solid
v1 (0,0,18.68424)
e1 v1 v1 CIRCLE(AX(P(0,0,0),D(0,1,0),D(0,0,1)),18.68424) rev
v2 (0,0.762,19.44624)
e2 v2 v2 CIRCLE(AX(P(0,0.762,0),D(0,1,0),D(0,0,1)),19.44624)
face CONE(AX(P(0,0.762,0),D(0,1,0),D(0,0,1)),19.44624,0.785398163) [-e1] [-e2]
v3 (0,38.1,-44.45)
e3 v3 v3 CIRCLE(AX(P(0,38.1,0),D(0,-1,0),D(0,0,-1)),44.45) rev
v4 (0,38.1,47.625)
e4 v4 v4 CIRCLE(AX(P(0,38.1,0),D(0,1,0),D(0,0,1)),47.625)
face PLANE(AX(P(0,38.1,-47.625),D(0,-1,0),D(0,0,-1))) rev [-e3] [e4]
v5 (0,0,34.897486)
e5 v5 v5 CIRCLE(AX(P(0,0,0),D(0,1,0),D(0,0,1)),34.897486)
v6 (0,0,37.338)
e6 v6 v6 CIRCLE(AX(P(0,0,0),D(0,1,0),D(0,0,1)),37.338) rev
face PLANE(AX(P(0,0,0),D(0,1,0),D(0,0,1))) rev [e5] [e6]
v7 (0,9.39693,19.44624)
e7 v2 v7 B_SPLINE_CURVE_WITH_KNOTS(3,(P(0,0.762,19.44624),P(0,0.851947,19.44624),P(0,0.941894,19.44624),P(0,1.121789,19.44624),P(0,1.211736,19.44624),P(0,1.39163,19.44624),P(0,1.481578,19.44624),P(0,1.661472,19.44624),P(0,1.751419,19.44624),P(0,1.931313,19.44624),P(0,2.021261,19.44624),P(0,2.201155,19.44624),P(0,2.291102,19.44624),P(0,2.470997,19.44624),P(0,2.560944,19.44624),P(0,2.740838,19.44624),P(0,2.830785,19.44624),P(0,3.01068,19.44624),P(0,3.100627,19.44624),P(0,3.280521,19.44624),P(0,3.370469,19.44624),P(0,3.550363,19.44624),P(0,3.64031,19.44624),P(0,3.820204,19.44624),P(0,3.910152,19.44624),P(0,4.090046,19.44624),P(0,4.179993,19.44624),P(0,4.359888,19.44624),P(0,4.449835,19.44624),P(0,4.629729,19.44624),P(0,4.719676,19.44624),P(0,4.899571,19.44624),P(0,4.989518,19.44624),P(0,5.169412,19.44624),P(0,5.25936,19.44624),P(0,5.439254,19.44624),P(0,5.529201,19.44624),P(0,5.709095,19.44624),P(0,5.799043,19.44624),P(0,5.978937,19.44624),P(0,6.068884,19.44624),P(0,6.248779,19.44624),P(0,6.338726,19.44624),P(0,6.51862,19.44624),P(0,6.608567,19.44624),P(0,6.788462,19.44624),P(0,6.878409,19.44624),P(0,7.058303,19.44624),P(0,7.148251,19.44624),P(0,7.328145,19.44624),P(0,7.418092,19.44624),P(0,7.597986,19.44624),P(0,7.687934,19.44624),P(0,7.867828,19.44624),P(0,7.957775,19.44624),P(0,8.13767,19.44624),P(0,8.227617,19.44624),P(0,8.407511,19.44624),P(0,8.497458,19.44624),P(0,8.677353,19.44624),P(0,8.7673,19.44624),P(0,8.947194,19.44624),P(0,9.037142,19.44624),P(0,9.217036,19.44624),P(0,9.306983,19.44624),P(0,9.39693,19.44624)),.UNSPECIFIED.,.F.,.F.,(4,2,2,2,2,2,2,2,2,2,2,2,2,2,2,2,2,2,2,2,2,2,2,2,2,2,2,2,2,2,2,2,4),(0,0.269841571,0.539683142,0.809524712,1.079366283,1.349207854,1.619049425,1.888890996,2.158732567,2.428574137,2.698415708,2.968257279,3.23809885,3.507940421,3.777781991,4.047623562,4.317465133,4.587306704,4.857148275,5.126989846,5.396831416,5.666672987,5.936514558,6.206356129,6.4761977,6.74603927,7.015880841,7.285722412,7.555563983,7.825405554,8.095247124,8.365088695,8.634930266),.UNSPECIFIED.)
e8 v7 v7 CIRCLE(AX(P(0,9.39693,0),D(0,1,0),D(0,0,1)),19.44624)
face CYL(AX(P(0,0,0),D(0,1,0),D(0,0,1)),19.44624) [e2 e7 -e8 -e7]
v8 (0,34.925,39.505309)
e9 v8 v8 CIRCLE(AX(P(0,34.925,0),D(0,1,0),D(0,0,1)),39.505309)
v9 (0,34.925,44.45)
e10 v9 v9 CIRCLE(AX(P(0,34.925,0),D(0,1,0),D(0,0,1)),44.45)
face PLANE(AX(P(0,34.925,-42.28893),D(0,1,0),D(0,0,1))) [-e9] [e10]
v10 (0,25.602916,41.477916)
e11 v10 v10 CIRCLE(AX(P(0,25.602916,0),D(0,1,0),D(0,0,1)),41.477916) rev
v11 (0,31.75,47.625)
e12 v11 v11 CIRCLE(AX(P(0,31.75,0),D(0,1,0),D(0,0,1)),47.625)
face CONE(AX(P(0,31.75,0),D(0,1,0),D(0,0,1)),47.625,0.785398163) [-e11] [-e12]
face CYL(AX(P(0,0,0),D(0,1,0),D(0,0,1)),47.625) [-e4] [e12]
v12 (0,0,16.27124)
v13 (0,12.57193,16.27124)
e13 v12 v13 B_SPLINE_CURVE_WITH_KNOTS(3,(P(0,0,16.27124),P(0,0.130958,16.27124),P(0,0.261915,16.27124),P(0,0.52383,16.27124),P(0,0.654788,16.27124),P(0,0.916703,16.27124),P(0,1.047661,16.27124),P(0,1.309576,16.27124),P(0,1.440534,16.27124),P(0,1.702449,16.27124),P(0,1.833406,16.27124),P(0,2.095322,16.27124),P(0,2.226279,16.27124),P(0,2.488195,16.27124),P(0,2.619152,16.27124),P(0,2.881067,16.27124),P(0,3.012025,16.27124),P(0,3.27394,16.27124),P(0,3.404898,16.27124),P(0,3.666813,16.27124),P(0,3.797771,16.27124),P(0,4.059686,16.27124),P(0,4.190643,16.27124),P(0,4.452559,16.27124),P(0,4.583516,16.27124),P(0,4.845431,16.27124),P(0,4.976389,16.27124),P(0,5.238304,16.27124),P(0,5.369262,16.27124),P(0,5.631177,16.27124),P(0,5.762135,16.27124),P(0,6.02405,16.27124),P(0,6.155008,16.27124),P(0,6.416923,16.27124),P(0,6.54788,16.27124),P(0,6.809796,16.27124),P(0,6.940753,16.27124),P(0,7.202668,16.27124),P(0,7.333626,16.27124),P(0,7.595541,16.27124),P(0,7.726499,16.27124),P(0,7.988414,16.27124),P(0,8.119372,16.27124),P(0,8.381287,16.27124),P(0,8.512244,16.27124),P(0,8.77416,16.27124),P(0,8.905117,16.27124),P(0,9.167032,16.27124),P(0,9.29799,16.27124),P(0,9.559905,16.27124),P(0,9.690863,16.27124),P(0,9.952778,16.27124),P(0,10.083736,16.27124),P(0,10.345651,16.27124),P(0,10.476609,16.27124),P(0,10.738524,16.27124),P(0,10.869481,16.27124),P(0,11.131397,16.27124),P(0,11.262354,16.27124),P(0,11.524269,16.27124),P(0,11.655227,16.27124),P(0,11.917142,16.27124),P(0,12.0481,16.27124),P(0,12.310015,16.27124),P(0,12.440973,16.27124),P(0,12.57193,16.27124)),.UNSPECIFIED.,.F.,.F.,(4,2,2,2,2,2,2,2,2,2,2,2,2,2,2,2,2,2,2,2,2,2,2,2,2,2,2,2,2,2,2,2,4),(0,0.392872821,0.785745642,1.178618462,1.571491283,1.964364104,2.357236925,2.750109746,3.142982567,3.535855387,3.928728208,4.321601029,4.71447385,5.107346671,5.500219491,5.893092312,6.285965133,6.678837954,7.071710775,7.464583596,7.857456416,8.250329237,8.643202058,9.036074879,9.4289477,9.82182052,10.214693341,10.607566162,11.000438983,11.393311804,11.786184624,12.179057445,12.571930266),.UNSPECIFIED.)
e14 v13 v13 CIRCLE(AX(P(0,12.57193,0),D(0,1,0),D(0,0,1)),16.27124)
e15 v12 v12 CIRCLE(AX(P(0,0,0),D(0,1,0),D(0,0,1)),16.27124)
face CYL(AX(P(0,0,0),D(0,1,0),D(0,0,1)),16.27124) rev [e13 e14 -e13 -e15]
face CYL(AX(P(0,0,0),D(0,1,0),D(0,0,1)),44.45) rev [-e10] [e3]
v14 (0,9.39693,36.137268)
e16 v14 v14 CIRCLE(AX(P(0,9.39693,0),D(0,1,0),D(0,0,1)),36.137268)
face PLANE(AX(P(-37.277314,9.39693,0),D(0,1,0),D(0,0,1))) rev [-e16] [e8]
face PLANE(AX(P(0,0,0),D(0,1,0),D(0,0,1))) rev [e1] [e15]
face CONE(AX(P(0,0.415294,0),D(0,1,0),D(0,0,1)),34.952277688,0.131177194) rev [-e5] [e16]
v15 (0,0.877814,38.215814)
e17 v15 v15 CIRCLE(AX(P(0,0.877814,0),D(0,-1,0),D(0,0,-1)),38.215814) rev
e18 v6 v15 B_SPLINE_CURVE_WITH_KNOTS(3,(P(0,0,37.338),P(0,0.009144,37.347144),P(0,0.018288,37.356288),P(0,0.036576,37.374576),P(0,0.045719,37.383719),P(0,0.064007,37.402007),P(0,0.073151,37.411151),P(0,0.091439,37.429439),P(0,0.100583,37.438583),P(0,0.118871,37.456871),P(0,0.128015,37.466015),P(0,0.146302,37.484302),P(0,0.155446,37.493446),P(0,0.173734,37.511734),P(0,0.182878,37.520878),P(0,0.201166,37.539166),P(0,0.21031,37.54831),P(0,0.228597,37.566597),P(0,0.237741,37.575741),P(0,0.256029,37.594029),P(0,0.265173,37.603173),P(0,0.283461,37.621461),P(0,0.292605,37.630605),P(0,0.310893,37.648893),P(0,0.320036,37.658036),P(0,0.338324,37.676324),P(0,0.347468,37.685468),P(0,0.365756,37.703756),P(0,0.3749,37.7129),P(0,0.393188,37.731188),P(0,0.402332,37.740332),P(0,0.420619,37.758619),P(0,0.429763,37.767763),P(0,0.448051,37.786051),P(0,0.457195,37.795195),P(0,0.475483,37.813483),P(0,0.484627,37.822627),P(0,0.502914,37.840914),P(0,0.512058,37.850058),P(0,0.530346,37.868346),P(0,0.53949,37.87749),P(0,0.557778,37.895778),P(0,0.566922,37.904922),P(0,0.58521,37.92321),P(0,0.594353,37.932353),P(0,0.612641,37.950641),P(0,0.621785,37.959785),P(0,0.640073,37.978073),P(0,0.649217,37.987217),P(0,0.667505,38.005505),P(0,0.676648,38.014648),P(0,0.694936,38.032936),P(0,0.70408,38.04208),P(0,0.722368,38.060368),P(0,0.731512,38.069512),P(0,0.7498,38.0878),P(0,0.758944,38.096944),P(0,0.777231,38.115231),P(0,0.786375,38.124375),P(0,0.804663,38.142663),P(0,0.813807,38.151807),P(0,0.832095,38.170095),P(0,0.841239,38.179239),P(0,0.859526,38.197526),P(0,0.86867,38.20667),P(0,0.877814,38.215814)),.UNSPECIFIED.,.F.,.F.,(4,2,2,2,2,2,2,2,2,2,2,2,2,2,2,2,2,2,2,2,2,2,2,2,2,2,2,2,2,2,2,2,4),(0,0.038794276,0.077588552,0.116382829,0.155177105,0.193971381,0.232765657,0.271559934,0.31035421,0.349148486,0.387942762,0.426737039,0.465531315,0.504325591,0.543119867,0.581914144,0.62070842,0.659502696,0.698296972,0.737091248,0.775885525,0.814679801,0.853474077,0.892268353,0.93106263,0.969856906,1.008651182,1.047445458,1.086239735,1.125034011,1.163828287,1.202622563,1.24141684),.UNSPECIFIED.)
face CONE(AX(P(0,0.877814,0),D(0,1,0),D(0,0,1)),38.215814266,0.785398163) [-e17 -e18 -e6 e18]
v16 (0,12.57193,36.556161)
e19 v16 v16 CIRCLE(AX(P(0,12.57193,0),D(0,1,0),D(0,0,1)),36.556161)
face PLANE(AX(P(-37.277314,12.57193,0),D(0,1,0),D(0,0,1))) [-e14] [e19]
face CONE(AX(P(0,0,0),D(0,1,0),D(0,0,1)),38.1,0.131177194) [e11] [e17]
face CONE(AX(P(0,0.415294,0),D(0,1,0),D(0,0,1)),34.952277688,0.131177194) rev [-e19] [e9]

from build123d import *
from OCP.BRepFilletAPI import BRepFilletAPI_MakeChamfer

# Parameters (mm, degrees)
SHELL1_T           = -3.175
SKETCH3_R          = 16.27124
CUT_EXTRUDE1_DEPTH = 73.027519701
SHELL3_T           = -3.175
CHAMFER1_SIZE      = 0.762
CHAMFER1_SIZE2     = 0.885421272


with BuildPart() as part:
    # Sketch1 → Revolve2 (revolve)
    with BuildSketch(Plane(origin=(0, 0, 0), x_dir=(0, 0, -1), z_dir=(1, 0, 0)), mode=Mode.PRIVATE) as revolve2_sk:
        Polygon((0, 0), (38.1, 0), (42.288930477, 31.75), (47.625, 31.75), (47.625, 38.1), (0, 38.1), align=None)
    revolve(revolve2_sk.sketch.rotate(Axis((0, 0, 0), (0, -1, 0)), 180), axis=Axis((0, 0, 0), (0, -1, 0)))

    # Shell1
    shell1_openings = [part.faces().sort_by_distance(p)[0] for p in [
        (0, 38.1, 0),
    ]]
    offset(amount=SHELL1_T, openings=shell1_openings, kind=Kind.INTERSECTION)

    # Sketch2 → Revolve3 (revolve)
    with BuildSketch(Plane.XY, mode=Mode.PRIVATE) as revolve3_sk:
        Polygon((-37.277313556, 12.571930266), (0, 12.571930266), (0, 1.888797723), (-36.368110787, 1.888797723), align=None)
    revolve(revolve3_sk.sketch.rotate(Axis((0, 0, 0), (0, -1, 0)), 270), axis=Axis((0, 0, 0), (0, -1, 0)))

    # Sketch3 → Cut-Extrude1 (cut, through all)
    with BuildSketch(Plane(origin=(0, 12.571930266, 0), x_dir=(1, 0, 0), z_dir=(0, 1, 0))):
        with Locations(Location((0, 0, 0), (0, 0, 270))):
            Circle(SKETCH3_R)
    extrude(amount=-CUT_EXTRUDE1_DEPTH, mode=Mode.SUBTRACT)

    # Shell3
    shell3_openings = [part.faces().sort_by_distance(p)[0] for p in [
        (0, 0, -37.022369265),
    ]]
    offset(amount=SHELL3_T, openings=shell3_openings, kind=Kind.INTERSECTION)

    # Sketch4 → Revolve4 (revolve)
    with BuildSketch(Plane.XY, mode=Mode.PRIVATE) as revolve4_sk:
        Polygon((-47.625, 31.75), (-40.729010951, 24.854010951), (-40.729010951, 32.355083401), (-47.625, 32.355083401), align=None)
    revolve(revolve4_sk.sketch.rotate(Axis((0, 0, 0), (0, 1, 0)), 90), axis=Axis((0, 0, 0), (0, 1, 0)))

    # Chamfer1: one chamfer whose edges measure the first distance from different faces: ONE call of the kernel's chamfer builder (chamfer() names one face for all edges)
    chamfer1_edges_1 = [part.edges().sort_by_distance(p)[0] for p in [
        (0, 0, -19.44624),
    ]]
    chamfer1_edges_2 = [part.edges().sort_by_distance(p)[0] for p in [
        (0, 0, -38.1),
    ]]
    chamfer1_side_2 = [part.faces().sort_by_distance(p)[0] for p in [
        (0, 0, -35.975116662),
    ]]
    chamfer1 = BRepFilletAPI_MakeChamfer(part.part.solid().wrapped)
    for e in chamfer1_edges_1:
        chamfer1.Add(CHAMFER1_SIZE, e.wrapped)
    for e in chamfer1_edges_2:
        chamfer1.Add(CHAMFER1_SIZE, CHAMFER1_SIZE2, e.wrapped, chamfer1_side_2[0].wrapped)  # the first distance lies on this face
    add(Compound.cast(chamfer1.Shape()), mode=Mode.REPLACE)


solid = part.part
